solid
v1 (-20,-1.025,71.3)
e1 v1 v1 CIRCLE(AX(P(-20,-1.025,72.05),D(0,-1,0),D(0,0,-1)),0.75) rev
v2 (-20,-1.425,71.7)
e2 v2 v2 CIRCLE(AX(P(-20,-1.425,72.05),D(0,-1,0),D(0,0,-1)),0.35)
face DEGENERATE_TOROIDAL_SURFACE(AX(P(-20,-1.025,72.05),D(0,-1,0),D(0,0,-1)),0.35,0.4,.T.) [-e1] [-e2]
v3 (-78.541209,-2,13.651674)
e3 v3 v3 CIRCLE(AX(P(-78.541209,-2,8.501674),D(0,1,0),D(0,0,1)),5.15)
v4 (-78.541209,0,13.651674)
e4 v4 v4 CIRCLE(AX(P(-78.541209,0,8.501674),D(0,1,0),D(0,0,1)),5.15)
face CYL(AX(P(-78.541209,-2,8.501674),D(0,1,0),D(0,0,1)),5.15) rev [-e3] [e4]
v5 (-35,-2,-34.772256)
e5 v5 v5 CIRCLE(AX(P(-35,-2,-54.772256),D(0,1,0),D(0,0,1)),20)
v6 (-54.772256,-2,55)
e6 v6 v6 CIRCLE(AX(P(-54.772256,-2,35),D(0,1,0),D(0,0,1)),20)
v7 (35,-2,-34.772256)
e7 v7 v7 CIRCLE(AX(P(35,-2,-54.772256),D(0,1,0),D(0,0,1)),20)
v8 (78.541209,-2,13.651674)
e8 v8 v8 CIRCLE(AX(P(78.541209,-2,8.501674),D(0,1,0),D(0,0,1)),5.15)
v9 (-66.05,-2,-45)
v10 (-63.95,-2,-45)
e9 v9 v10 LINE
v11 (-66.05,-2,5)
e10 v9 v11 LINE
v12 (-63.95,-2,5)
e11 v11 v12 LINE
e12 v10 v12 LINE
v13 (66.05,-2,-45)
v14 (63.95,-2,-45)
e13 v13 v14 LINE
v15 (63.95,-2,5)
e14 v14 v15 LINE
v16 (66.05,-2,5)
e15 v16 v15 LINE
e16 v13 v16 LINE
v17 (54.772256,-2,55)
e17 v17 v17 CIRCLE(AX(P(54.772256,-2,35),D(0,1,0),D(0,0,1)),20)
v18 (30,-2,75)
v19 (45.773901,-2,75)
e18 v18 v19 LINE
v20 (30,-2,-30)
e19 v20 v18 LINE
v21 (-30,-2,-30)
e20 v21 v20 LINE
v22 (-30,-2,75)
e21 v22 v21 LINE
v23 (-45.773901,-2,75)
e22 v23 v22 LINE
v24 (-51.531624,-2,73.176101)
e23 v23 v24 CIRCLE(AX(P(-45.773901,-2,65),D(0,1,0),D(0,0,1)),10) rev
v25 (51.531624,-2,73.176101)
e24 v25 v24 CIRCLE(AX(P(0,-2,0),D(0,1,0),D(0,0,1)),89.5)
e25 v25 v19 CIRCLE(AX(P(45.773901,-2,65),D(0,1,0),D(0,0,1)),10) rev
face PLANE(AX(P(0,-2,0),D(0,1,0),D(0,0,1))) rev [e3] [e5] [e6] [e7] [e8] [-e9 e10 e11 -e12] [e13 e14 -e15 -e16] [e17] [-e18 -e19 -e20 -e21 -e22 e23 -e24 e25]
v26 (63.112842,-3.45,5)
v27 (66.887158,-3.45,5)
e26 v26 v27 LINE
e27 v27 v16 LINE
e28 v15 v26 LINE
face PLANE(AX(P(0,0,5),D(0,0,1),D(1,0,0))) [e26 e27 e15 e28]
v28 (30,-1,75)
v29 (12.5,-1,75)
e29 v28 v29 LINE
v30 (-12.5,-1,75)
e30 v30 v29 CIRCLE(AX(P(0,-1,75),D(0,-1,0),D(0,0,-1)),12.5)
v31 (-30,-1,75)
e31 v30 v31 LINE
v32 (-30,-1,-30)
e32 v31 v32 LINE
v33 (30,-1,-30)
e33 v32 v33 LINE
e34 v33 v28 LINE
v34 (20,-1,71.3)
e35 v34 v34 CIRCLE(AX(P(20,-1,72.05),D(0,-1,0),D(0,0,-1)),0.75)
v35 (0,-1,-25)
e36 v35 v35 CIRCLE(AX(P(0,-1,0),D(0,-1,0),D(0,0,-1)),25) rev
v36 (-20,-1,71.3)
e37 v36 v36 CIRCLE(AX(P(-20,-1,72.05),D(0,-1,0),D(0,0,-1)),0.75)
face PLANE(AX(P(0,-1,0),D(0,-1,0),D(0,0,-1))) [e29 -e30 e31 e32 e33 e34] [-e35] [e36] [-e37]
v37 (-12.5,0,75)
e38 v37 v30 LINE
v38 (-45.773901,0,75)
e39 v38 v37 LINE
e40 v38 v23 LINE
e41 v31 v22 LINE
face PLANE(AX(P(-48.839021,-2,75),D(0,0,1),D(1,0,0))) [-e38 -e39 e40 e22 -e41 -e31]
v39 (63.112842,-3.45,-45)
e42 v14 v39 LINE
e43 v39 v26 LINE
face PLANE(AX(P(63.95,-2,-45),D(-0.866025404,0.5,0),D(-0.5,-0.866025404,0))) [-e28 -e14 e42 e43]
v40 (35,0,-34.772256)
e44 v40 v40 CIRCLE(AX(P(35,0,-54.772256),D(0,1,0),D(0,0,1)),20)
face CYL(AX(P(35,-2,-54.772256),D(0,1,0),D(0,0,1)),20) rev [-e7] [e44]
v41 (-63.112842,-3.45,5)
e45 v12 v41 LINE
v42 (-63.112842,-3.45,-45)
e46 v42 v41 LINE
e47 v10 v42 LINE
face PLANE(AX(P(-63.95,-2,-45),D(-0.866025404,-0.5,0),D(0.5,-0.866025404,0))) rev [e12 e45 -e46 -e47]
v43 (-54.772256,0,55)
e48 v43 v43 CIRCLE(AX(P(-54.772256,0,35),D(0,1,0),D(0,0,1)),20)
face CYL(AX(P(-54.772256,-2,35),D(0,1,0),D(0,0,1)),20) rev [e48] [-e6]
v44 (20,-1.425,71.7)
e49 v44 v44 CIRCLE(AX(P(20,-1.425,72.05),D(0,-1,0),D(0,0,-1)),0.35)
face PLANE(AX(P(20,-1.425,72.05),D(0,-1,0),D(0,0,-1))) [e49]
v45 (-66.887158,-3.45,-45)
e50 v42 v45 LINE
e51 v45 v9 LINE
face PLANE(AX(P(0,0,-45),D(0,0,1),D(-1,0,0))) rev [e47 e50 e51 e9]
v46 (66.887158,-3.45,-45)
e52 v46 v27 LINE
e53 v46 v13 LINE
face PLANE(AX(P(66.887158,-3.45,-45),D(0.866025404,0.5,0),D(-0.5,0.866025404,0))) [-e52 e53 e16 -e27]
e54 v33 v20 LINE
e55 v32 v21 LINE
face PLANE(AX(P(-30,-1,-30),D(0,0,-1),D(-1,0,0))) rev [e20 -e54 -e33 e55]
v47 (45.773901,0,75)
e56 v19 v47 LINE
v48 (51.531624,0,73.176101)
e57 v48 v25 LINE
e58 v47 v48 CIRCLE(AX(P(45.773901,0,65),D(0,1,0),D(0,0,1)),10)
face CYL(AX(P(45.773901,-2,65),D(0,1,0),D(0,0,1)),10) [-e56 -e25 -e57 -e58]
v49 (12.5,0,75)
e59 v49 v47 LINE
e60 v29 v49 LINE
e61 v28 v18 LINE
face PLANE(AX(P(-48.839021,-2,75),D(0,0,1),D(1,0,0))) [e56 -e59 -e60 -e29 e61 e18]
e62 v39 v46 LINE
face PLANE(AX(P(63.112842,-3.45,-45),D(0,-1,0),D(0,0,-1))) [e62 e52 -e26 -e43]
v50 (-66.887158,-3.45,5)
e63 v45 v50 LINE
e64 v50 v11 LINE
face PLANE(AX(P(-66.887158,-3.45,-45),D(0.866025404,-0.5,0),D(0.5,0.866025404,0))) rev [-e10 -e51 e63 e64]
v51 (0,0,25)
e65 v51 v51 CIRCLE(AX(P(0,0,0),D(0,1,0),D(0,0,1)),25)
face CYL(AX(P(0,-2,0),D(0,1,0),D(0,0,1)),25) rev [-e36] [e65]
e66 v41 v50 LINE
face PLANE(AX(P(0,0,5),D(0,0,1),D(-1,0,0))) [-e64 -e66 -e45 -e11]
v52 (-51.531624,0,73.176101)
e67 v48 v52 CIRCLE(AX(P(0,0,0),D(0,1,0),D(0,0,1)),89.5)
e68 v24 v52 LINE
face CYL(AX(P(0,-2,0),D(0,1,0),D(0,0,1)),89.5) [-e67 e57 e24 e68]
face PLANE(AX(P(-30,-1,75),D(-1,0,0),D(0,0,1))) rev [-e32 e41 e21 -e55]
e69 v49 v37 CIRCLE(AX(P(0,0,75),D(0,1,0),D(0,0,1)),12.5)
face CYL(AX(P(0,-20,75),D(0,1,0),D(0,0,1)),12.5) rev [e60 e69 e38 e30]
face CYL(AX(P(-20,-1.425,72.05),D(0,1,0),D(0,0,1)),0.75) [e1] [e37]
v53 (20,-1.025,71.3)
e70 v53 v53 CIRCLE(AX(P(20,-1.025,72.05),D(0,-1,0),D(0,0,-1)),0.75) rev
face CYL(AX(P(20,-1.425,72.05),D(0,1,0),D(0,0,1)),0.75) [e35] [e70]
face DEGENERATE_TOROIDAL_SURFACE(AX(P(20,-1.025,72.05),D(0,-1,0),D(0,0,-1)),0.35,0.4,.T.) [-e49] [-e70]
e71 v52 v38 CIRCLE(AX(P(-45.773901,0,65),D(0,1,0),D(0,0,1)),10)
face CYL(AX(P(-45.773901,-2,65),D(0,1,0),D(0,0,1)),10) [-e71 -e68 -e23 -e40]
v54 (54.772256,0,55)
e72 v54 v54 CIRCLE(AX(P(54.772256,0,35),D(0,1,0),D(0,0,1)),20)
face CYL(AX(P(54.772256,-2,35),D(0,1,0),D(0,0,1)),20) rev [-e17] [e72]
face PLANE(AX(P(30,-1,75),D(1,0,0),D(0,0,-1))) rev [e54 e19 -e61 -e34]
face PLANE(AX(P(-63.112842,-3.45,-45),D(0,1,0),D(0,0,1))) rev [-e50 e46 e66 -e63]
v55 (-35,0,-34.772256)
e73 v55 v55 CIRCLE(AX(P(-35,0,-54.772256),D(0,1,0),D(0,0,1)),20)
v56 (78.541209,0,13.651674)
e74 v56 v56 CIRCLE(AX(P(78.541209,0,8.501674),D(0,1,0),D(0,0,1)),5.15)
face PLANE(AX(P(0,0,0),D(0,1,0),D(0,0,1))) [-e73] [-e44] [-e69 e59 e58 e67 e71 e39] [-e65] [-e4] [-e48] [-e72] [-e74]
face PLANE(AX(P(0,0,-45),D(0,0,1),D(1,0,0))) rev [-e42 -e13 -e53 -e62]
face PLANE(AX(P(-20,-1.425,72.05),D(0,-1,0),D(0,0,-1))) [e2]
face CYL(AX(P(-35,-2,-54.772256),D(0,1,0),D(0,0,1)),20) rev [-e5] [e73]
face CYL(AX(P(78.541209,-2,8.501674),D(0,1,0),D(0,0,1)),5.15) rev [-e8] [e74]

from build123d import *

# Parameters (mm, degrees)
BOSS_EXTRUDE1_DEPTH = 2
SKETCH9_R           = 5.15
CUT_EXTRUDE3_DEPTH  = 127.587914115
VISION_PATTERN_R    = 25
VISION_PATTERN_R_2  = 20
CUT_EXTRUDE4_DEPTH  = 127.587914115
FILLET1_R           = 10
BOSS_EXTRUDE4_DEPTH = 50
SKETCH12_W          = 60
SKETCH12_H          = 105
CUT_EXTRUDE5_DEPTH  = 1
SKETCH16_R          = 12.5
CUT_EXTRUDE9_DEPTH  = 20
SKETCH17_R          = 0.75
BOSS_EXTRUDE3_DEPTH = 0.425
FILLET2_R           = 0.4


with BuildPart() as part:
    # Sketch1 → Boss-Extrude1 (new body)
    with BuildSketch(Plane(origin=(0, 0, 0), x_dir=(1, 0, 0), z_dir=(0, 1, 0))):
        with BuildLine():
            Line((-48.839021284, -75), (48.839021284, -75))
            ThreePointArc((48.839021284, -75), (0, 89.5), (-48.839021284, -75))
        make_face()
    extrude(amount=-BOSS_EXTRUDE1_DEPTH)

    # Sketch9 → Cut-Extrude3 (cut, through all)
    with BuildSketch(Plane(origin=(0, 0, 0), x_dir=(1, 0, 0), z_dir=(0, 1, 0))):
        with Locations(Location((78.541209232, -8.501673503, 0), (0, 0, 270))):
            Circle(SKETCH9_R)
        with Locations(Location((-78.541209232, -8.501673503, 0), (0, 0, 270))):
            Circle(SKETCH9_R)
    extrude(amount=-CUT_EXTRUDE3_DEPTH, mode=Mode.SUBTRACT)

    # Vision Pattern → Cut-Extrude4 (cut, through all)
    with BuildSketch(Plane(origin=(0, 0, 0), x_dir=(1, 0, 0), z_dir=(0, 1, 0))):
        with Locations(Location((0, 0, 0), (0, 0, 270))):
            Circle(VISION_PATTERN_R)
        with Locations(Location((54.772255751, -35, 0), (0, 0, 270))):
            Circle(VISION_PATTERN_R_2)
        with Locations(Location((-54.772255751, -35, 0), (0, 0, 270))):
            Circle(VISION_PATTERN_R_2)
        with Locations(Location((35, 54.772255751, 0), (0, 0, 270))):
            Circle(VISION_PATTERN_R_2)
        with Locations(Location((-35, 54.772255751, 0), (0, 0, 270))):
            Circle(VISION_PATTERN_R_2)
    extrude(amount=-CUT_EXTRUDE4_DEPTH, mode=Mode.SUBTRACT)

    # Fillet1
    fillet1_edges = [part.edges().sort_by_distance(p)[0] for p in [
        (48.839021284, -1, 75),
        (-48.839021284, -1, 75),
    ]]
    fillet(fillet1_edges, radius=FILLET1_R)

    # Sketch18 → Boss-Extrude4 (add)
    with BuildSketch(Plane.XY.offset(5)):
        Polygon((63.11284211, -3.45), (66.88715789, -3.45), (66.05, -2), (63.95, -2), align=None)
    boss_extrude4 = extrude(amount=-BOSS_EXTRUDE4_DEPTH)

    # Mirror2: Boss-Extrude4 across plane
    add(boss_extrude4.mirror(Plane(origin=(0, 0, 0), x_dir=(0, 0, 1), z_dir=(1, 0, 0))))

    # Sketch12 → Cut-Extrude5 (cut)
    with BuildSketch(Plane.XZ.offset(2)):
        with Locations((0, 22.5)):
            Rectangle(SKETCH12_W, SKETCH12_H)
    extrude(amount=-CUT_EXTRUDE5_DEPTH, mode=Mode.SUBTRACT)

    # Sketch16 → Cut-Extrude9 (cut)
    with BuildSketch(Plane(origin=(0, 0, 0), x_dir=(1, 0, 0), z_dir=(0, 1, 0))):
        with Locations((0, -75)):
            Circle(SKETCH16_R)
    extrude(amount=-CUT_EXTRUDE9_DEPTH, mode=Mode.SUBTRACT)

    # Sketch17 → Boss-Extrude3 (add)
    with BuildSketch(Plane.XZ.offset(1)):
        with Locations(Location((-20, 72.05, 0), (0, 0, 270))):
            Circle(SKETCH17_R)
    boss_extrude3 = extrude(amount=BOSS_EXTRUDE3_DEPTH)

    # Mirror1: Boss-Extrude3 across plane
    add(boss_extrude3.mirror(Plane(origin=(0, 0, 0), x_dir=(0, 0, 1), z_dir=(1, 0, 0))))

    # Fillet2
    fillet2_edges = [part.edges().sort_by_distance(p)[0] for p in [
        (-20, -1.425, 72.8),
        (20, -1.425, 72.8),
    ]]
    fillet(fillet2_edges, radius=FILLET2_R)


solid = part.part
